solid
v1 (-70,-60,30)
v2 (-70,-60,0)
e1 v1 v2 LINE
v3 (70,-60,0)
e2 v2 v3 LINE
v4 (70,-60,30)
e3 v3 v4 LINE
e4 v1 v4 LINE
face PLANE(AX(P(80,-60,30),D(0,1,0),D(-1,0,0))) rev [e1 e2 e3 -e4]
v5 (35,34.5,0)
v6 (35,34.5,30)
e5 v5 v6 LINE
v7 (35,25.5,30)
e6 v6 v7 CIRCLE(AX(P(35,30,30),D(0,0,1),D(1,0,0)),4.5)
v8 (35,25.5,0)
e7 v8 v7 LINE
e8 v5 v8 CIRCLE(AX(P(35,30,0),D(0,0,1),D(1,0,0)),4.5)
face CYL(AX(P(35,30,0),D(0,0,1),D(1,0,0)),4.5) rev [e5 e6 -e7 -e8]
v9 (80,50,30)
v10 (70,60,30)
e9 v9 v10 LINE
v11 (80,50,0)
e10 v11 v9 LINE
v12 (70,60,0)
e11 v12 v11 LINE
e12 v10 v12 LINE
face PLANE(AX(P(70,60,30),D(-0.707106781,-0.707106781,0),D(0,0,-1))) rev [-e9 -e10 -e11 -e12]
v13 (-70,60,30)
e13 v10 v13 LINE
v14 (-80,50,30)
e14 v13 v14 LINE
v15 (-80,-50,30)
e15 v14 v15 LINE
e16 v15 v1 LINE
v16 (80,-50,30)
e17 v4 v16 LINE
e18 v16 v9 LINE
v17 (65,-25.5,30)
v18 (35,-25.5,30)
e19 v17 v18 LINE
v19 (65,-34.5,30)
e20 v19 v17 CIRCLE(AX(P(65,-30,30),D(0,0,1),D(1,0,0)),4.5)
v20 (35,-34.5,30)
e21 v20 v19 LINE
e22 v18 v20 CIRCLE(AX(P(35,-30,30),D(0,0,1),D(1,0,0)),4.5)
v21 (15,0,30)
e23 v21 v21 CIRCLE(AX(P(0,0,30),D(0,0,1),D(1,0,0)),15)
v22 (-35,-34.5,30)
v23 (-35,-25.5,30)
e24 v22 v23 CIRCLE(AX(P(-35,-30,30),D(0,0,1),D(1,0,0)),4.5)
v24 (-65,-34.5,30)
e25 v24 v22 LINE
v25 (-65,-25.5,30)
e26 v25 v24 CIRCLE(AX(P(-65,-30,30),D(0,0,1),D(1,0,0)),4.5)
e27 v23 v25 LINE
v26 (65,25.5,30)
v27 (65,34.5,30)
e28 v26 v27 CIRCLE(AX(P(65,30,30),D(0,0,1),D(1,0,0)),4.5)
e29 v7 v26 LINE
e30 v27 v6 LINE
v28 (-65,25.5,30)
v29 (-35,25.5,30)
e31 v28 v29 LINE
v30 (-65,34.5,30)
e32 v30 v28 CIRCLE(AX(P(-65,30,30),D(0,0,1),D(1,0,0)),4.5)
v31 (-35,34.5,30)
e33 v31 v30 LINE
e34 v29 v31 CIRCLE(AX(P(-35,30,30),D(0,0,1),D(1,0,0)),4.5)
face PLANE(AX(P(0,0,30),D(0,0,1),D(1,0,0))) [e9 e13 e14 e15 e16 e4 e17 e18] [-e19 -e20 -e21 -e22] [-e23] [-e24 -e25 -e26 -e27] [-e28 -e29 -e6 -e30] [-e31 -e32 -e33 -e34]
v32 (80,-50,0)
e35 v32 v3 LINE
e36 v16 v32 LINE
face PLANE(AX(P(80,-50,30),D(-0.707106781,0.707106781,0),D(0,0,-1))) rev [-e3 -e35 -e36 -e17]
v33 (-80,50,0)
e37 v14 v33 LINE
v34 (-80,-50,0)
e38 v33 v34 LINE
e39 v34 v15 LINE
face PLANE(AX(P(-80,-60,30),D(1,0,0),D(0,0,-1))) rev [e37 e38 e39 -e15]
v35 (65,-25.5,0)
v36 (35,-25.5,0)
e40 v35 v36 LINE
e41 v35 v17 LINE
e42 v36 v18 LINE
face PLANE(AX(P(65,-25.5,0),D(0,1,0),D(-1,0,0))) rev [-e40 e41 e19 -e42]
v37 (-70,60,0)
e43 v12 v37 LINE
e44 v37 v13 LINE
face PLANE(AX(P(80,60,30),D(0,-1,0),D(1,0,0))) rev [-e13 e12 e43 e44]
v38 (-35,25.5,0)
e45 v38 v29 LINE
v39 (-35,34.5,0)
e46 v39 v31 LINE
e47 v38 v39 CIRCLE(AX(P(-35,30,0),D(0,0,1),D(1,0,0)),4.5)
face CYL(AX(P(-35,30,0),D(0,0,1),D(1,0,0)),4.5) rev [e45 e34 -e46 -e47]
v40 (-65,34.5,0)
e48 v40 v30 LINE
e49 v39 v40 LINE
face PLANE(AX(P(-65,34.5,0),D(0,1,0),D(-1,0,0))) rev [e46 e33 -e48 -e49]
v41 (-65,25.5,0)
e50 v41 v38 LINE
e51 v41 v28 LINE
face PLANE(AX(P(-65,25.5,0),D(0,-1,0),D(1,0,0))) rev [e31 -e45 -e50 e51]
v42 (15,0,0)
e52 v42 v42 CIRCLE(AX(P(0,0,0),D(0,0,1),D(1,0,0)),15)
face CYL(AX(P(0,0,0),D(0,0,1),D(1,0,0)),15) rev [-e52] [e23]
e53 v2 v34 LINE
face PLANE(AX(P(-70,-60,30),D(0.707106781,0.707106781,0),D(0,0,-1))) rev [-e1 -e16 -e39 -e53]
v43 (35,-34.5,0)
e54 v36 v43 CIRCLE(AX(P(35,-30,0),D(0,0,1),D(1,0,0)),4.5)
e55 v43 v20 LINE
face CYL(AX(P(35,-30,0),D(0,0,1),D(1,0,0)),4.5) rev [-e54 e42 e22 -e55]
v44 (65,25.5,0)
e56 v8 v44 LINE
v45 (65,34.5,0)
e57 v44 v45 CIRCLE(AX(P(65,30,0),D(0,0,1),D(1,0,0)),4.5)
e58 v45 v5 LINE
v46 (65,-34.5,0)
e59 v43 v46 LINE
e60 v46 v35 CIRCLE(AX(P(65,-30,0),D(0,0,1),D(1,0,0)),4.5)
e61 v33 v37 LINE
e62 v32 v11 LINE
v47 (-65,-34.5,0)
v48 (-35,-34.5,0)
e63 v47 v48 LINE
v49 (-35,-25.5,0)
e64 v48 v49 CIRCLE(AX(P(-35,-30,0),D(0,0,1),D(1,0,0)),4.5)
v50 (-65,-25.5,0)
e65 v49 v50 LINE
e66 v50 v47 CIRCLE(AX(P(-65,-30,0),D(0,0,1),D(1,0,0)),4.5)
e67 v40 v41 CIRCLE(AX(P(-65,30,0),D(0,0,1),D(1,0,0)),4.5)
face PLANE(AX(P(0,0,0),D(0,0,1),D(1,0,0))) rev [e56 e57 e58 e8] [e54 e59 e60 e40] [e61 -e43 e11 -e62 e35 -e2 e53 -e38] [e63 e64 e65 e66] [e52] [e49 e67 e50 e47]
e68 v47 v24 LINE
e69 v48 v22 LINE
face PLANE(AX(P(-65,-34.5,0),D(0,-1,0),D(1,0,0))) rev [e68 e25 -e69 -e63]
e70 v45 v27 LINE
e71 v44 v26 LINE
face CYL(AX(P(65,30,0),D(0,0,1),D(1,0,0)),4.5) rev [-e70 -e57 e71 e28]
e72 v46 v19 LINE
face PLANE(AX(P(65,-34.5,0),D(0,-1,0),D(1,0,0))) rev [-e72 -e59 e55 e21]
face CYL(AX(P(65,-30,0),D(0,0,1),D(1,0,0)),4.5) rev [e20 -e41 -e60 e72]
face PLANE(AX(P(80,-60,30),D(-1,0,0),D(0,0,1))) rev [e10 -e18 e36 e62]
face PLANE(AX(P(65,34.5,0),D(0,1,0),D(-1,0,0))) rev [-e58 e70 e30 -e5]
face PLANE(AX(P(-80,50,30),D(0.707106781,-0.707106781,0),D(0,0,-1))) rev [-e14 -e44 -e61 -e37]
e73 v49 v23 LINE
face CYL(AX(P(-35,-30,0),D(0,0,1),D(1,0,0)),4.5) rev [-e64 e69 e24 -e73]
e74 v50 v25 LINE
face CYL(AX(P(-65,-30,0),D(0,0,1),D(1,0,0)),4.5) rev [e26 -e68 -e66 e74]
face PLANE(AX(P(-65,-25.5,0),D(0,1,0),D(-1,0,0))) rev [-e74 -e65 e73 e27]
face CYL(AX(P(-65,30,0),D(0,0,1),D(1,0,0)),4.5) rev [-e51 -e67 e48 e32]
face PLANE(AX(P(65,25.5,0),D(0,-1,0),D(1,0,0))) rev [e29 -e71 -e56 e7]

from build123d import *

# Parameters (mm, degrees)
SKETCH_1_W          = 160
SKETCH_1_H          = 120
EXTRUDE_1_DEPTH     = 30
CUT_EXTRUDE_1_DEPTH = 31
CHAMFER_1_SIZE      = 10
SKETCH_3_R          = 15
CUT_EXTRUDE_2_DEPTH = 30


with BuildPart() as part:
    # 草图1 → 凸台-拉伸1 (new body)
    with BuildSketch(Plane.XY):
        Rectangle(SKETCH_1_W, SKETCH_1_H)
    extrude(amount=EXTRUDE_1_DEPTH)

    # 草图2 → 切除-拉伸1 (cut, through all)
    with BuildSketch(Plane.XY.offset(30)):
        with BuildLine():
            Line((-65, 34.5), (-35, 34.5))
            ThreePointArc((-35, 34.5), (-30.5, 30), (-35, 25.5))
            Line((-35, 25.5), (-65, 25.5))
            ThreePointArc((-65, 25.5), (-69.5, 30), (-65, 34.5))
        make_face()
        with BuildLine():
            Line((65, 25.5), (35, 25.5))
            ThreePointArc((35, 25.5), (30.5, 30), (35, 34.5))
            Line((35, 34.5), (65, 34.5))
            ThreePointArc((65, 34.5), (69.5, 30), (65, 25.5))
        make_face()
        with BuildLine():
            Line((-65, -25.5), (-35, -25.5))
            ThreePointArc((-35, -25.5), (-30.5, -30), (-35, -34.5))
            Line((-35, -34.5), (-65, -34.5))
            ThreePointArc((-65, -34.5), (-69.5, -30), (-65, -25.5))
        make_face()
        with BuildLine():
            Line((65, -34.5), (35, -34.5))
            ThreePointArc((35, -34.5), (30.5, -30), (35, -25.5))
            Line((35, -25.5), (65, -25.5))
            ThreePointArc((65, -25.5), (69.5, -30), (65, -34.5))
        make_face()
    extrude(amount=-CUT_EXTRUDE_1_DEPTH, mode=Mode.SUBTRACT)

    # 倒角1
    chamfer_1_edges = [part.edges().sort_by_distance(p)[0] for p in [
        (-80, 60, 15),
        (80, 60, 15),
        (80, -60, 15),
        (-80, -60, 15),
    ]]
    chamfer(chamfer_1_edges, length=CHAMFER_1_SIZE)

    # 草图3 → 切除-拉伸2 (cut)
    with BuildSketch(Plane.XY.offset(30)):
        Circle(SKETCH_3_R)
    extrude(amount=-CUT_EXTRUDE_2_DEPTH, mode=Mode.SUBTRACT)


solid = part.part
